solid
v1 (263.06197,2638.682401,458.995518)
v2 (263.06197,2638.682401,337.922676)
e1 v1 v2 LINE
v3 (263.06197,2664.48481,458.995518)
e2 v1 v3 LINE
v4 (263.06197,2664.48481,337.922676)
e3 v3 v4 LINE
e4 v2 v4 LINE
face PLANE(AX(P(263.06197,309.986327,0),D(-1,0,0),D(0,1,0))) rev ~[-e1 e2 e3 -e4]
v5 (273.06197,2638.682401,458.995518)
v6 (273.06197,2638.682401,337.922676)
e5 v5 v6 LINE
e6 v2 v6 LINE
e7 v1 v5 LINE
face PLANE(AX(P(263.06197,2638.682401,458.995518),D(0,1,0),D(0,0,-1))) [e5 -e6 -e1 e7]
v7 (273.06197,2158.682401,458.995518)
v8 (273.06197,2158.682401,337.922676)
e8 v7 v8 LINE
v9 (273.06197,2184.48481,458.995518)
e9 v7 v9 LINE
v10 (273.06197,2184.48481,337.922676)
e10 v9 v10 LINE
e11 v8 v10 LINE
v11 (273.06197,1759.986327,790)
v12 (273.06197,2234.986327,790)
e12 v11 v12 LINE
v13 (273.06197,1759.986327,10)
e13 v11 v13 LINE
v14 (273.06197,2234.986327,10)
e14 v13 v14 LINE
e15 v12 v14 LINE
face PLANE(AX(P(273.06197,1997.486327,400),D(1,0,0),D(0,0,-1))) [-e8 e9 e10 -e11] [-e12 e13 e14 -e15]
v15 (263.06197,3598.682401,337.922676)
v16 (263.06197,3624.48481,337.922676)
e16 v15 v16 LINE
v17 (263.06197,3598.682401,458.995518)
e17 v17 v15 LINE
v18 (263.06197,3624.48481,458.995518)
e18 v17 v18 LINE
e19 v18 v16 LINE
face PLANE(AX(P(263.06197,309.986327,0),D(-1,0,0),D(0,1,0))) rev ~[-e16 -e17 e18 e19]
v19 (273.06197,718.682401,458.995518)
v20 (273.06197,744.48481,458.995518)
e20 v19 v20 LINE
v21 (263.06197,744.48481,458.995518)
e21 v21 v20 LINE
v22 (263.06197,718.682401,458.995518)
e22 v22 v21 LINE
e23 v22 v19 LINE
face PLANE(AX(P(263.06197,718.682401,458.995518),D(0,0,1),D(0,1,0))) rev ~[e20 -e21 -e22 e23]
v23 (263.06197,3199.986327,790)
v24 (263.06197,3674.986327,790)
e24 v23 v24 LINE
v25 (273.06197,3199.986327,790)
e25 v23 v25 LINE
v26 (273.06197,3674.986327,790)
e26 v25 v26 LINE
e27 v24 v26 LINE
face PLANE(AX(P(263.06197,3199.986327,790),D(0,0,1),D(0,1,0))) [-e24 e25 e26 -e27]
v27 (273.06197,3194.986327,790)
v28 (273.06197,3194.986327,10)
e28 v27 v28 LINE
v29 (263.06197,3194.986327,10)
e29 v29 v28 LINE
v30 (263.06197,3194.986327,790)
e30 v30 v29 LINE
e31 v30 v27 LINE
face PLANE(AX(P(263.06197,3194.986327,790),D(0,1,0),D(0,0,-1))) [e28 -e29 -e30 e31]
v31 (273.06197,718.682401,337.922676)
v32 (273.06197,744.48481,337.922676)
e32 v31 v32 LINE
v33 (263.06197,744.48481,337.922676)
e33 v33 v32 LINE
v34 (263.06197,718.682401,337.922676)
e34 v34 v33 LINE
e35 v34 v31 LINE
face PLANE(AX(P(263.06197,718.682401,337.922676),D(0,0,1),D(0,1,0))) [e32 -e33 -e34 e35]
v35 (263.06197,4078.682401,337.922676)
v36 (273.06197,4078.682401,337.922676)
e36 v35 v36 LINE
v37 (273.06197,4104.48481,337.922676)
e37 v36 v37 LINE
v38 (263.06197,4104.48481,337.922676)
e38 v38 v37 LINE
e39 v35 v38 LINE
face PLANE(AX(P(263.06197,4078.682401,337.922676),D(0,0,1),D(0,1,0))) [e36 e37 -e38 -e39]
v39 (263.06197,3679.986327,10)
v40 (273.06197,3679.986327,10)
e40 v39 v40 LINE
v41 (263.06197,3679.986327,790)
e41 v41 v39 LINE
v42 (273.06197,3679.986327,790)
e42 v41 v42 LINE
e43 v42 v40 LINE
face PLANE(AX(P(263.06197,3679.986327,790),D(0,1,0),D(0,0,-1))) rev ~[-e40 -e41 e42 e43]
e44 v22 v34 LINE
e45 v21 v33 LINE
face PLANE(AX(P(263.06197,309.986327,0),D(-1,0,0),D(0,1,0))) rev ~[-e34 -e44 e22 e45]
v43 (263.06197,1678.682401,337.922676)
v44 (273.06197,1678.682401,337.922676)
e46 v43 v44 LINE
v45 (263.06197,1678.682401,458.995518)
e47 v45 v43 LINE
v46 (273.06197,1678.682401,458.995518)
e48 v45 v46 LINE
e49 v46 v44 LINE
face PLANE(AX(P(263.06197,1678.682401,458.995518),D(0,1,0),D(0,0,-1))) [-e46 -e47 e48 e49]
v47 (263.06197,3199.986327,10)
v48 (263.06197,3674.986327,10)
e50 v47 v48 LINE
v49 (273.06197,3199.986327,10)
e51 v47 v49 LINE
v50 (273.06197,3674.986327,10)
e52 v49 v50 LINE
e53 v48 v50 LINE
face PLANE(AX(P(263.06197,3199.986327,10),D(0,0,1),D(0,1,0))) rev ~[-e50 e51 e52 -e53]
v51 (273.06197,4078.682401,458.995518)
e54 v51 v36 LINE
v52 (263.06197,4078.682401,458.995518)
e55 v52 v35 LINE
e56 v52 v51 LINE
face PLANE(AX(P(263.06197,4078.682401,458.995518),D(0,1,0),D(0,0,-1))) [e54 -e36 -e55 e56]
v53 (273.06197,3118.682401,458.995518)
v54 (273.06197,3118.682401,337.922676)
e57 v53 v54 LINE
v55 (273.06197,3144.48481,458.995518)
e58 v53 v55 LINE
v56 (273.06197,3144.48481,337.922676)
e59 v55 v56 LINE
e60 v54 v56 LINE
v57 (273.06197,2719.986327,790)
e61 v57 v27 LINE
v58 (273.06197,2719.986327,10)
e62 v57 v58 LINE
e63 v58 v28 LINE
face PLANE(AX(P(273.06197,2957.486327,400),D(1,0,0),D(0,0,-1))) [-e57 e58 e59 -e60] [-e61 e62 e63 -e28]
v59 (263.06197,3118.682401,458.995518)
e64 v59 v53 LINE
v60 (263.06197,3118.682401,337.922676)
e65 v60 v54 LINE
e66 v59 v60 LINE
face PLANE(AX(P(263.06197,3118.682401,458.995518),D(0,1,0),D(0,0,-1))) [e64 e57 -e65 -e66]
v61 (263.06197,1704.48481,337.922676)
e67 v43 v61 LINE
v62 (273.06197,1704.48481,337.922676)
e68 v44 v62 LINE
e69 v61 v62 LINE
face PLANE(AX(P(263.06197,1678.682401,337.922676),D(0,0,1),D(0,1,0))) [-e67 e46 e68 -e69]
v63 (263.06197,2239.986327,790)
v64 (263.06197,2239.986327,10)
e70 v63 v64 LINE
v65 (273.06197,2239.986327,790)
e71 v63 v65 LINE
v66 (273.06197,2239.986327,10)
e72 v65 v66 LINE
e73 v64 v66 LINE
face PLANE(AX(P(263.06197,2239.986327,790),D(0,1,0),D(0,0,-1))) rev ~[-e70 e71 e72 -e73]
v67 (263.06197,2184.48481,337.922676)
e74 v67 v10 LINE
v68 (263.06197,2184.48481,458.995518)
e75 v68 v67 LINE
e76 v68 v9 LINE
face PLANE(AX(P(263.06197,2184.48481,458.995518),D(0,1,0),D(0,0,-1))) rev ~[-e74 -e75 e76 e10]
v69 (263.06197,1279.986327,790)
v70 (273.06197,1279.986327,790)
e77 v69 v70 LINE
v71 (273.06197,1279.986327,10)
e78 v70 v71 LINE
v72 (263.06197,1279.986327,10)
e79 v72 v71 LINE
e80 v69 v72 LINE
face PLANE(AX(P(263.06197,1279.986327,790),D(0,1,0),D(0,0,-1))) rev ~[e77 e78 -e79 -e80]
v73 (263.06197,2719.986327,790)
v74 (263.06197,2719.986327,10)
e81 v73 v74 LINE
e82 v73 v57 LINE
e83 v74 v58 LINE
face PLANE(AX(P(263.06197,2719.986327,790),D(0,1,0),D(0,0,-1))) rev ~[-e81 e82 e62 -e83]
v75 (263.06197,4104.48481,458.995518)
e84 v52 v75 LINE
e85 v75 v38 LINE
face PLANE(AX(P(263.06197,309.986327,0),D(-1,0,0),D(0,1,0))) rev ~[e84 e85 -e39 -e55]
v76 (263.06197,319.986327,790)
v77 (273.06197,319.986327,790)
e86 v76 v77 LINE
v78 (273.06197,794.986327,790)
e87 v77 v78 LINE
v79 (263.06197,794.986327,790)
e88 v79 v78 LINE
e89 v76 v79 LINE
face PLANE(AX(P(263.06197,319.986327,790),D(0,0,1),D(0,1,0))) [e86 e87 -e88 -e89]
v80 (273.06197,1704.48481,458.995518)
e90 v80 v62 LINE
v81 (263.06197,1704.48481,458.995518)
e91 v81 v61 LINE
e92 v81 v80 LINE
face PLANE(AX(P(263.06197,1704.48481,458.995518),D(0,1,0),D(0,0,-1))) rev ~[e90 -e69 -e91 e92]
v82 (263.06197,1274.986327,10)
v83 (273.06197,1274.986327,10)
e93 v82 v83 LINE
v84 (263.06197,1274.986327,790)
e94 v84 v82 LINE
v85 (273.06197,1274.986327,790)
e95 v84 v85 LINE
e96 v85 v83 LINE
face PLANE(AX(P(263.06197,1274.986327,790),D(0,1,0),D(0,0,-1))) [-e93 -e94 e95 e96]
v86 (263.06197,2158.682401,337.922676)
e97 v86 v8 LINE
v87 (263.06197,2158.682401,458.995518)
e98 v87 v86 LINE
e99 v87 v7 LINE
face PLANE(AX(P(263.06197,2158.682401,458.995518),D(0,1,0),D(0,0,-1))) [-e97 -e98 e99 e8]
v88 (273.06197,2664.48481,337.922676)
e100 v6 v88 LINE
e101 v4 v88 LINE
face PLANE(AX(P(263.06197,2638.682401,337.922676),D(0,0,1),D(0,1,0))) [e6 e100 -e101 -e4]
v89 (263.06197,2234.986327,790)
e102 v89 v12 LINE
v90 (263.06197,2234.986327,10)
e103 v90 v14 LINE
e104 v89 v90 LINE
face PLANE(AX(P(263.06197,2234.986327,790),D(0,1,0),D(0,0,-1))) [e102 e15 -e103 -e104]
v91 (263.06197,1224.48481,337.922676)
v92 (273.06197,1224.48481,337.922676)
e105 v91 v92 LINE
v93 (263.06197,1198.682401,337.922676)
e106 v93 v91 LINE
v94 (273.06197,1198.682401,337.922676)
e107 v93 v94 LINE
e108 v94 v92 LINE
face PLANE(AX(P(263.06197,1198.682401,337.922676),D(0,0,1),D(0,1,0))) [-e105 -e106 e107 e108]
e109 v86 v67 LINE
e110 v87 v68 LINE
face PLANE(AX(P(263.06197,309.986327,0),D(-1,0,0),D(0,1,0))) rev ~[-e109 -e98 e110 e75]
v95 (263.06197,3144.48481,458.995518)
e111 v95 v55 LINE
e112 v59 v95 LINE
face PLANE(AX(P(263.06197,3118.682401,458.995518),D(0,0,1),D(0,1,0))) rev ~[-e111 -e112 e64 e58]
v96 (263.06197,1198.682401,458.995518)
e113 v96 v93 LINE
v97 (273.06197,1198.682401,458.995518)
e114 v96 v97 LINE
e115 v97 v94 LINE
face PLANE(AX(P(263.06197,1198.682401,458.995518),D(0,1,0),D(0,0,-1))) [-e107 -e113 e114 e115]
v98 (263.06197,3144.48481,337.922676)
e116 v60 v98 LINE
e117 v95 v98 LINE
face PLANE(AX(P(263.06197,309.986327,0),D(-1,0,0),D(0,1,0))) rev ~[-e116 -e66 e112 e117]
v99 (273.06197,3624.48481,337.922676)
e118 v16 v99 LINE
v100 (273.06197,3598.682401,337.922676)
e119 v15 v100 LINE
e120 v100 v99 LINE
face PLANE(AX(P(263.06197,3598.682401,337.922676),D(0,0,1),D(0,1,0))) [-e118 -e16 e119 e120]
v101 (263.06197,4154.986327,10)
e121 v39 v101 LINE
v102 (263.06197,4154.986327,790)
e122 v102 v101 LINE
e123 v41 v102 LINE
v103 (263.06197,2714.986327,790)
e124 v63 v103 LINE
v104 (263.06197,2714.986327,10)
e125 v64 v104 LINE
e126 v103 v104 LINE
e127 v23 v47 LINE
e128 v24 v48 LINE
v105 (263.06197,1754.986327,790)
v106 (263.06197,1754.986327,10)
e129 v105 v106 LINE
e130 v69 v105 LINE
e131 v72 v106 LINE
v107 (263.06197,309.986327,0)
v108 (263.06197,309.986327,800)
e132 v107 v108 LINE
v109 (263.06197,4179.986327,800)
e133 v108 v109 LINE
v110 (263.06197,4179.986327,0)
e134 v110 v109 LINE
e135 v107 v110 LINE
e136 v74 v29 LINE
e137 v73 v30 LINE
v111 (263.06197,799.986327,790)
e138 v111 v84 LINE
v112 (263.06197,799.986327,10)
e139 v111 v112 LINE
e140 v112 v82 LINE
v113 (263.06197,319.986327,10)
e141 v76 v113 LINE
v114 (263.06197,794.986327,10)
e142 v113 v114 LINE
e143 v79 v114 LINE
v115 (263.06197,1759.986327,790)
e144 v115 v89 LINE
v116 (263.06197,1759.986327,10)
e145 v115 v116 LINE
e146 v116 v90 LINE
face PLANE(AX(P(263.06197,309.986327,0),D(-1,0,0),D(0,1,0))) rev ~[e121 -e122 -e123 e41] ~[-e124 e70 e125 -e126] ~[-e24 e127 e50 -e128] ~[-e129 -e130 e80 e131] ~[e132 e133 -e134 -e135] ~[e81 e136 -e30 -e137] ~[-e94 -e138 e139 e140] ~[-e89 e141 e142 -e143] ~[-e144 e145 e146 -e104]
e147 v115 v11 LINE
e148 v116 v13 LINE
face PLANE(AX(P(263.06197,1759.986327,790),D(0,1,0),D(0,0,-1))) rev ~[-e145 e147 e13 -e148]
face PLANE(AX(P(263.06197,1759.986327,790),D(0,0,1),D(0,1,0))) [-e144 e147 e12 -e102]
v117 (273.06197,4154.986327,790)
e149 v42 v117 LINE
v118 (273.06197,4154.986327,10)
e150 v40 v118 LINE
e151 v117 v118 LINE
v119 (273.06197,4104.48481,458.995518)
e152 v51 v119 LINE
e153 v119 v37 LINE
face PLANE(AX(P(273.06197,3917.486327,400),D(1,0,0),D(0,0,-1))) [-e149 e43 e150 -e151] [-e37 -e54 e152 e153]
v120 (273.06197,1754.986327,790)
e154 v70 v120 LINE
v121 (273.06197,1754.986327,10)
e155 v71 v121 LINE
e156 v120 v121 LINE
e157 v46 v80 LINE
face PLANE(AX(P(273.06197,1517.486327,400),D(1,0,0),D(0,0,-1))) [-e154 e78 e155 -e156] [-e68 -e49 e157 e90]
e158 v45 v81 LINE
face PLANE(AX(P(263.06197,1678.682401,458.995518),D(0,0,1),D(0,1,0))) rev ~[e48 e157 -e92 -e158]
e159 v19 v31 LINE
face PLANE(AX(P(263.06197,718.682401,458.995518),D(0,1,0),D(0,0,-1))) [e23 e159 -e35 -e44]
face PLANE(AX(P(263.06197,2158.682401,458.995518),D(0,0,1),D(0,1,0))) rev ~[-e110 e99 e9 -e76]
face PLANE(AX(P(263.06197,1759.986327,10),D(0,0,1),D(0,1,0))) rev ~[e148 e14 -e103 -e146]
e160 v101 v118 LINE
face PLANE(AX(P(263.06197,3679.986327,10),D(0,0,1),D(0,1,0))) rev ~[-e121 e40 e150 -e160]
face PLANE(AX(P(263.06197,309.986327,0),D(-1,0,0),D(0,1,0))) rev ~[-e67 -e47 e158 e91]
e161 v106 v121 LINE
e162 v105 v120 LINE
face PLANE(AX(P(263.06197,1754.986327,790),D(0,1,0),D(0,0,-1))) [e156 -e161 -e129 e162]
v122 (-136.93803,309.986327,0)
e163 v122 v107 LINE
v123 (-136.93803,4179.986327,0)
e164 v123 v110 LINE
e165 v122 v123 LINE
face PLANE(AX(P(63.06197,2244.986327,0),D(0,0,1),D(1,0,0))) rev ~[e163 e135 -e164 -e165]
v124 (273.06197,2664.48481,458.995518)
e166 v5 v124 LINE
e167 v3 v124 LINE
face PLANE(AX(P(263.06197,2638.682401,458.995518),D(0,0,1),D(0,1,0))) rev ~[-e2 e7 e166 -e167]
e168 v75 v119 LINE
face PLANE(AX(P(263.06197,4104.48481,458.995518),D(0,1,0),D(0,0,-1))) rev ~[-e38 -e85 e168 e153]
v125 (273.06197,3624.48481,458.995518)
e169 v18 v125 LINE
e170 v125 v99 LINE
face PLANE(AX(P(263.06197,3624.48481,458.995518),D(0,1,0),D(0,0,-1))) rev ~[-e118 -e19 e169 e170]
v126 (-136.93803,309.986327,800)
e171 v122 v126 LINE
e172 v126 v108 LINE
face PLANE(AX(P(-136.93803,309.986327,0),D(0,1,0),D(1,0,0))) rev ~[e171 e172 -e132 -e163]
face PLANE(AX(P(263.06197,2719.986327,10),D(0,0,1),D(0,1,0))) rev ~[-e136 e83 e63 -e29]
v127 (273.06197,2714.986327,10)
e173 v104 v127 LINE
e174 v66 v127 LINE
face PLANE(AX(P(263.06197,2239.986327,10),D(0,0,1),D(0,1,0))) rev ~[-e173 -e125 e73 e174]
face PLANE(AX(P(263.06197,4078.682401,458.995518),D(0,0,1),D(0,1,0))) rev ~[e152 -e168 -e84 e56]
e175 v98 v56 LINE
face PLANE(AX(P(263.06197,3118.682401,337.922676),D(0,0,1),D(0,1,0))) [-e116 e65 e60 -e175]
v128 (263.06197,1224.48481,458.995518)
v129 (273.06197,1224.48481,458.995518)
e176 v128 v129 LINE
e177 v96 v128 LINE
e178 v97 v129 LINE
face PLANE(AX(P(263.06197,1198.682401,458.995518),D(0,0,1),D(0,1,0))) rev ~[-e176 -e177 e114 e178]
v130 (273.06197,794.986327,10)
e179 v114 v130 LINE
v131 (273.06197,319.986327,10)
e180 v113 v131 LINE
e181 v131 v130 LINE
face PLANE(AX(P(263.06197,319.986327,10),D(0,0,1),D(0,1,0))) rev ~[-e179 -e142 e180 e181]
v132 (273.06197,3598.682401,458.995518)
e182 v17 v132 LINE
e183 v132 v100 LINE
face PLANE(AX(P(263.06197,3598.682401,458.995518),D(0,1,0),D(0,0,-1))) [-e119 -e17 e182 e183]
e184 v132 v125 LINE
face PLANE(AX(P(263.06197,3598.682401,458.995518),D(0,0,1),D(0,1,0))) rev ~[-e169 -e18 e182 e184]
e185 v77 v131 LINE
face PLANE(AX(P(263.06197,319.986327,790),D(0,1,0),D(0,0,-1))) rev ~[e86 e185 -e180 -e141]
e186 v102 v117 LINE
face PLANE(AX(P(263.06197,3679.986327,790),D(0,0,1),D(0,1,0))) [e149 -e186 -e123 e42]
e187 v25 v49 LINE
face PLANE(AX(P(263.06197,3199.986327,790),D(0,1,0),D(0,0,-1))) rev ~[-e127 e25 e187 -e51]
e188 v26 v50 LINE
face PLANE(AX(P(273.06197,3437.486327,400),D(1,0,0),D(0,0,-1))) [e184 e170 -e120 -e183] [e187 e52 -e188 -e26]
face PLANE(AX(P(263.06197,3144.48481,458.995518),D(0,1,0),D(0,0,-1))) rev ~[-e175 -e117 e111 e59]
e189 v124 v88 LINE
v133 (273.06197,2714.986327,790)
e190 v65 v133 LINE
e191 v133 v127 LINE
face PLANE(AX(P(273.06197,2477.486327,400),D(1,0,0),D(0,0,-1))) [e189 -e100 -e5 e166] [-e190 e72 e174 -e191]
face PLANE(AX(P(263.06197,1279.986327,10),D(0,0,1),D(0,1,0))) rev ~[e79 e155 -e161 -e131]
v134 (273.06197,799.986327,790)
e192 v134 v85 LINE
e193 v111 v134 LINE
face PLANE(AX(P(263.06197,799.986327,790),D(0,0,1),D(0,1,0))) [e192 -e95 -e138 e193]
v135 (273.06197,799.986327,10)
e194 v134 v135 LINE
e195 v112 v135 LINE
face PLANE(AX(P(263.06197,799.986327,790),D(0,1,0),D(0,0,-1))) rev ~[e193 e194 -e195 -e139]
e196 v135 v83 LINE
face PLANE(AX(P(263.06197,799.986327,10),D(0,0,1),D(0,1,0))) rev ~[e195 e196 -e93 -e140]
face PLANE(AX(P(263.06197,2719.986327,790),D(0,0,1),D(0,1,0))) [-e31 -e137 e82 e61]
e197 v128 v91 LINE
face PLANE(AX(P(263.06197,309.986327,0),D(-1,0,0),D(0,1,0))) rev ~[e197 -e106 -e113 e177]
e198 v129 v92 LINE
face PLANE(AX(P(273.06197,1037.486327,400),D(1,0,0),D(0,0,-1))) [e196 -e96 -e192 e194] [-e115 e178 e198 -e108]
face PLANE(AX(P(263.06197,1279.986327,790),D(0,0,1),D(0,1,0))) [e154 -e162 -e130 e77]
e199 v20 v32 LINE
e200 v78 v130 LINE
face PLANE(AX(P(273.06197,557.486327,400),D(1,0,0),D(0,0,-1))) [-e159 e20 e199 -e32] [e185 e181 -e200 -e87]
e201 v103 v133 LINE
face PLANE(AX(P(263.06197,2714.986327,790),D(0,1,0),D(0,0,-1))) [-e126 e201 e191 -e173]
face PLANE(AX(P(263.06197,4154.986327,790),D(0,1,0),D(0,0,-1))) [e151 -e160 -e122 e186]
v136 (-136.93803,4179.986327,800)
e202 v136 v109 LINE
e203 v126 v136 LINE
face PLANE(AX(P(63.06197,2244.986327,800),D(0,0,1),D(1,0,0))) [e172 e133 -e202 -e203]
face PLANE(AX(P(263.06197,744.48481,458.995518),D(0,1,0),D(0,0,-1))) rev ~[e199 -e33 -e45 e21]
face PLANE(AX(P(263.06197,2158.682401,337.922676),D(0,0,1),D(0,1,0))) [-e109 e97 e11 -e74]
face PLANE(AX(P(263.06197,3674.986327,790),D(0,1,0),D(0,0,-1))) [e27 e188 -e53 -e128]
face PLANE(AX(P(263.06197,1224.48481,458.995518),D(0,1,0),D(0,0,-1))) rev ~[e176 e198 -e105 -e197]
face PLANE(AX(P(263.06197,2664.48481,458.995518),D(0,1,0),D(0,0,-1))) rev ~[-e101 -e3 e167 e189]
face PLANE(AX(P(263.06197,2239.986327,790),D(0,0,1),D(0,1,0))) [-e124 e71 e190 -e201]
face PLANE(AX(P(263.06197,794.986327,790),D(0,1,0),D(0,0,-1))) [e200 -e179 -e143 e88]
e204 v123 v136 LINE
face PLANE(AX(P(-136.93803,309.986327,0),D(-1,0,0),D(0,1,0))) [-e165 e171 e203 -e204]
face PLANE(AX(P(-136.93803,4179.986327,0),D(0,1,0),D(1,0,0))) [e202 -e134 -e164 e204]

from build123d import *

# Parameters (mm, degrees)
SKETCH1_W           = 400
SKETCH1_H           = 3870
BOSS_EXTRUDE1_DEPTH = 800
SKETCH3_W           = 780
SKETCH3_H           = 475
SKETCH3_W_2         = 121.072841775
SKETCH3_H_2         = 25.802408903
BOSS_EXTRUDE3_DEPTH = 10


with BuildPart() as part:
    # Sketch1 → Boss-Extrude1 (new body)
    with BuildSketch(Plane.XY):
        with Locations((63.061970043, 2244.986327315)):
            Rectangle(SKETCH1_W, SKETCH1_H)
    extrude(amount=BOSS_EXTRUDE1_DEPTH)

    # Sketch3 → Boss-Extrude3 (add)
    with BuildSketch(Plane(origin=(263.061970043, 0, 0), x_dir=(0, 0, -1), z_dir=(1, 0, 0))):
        with Locations((-400, 557.486327315)):
            Rectangle(SKETCH3_W, SKETCH3_H)
        with Locations((-398.45909699, 731.583605055)):
            Rectangle(SKETCH3_W_2, SKETCH3_H_2, mode=Mode.SUBTRACT)
        with Locations((-400, 1037.486327315)):
            Rectangle(SKETCH3_W, SKETCH3_H)
        with Locations((-398.45909699, 1211.583605055)):
            Rectangle(SKETCH3_W_2, SKETCH3_H_2, mode=Mode.SUBTRACT)
        with Locations((-400, 1517.486327315)):
            Rectangle(SKETCH3_W, SKETCH3_H)
        with Locations((-398.45909699, 1691.583605055)):
            Rectangle(SKETCH3_W_2, SKETCH3_H_2, mode=Mode.SUBTRACT)
        with Locations((-400, 1997.486327315)):
            Rectangle(SKETCH3_W, SKETCH3_H)
        with Locations((-398.45909699, 2171.583605055)):
            Rectangle(SKETCH3_W_2, SKETCH3_H_2, mode=Mode.SUBTRACT)
        with Locations((-400, 2477.486327315)):
            Rectangle(SKETCH3_W, SKETCH3_H)
        with Locations((-398.45909699, 2651.583605055)):
            Rectangle(SKETCH3_W_2, SKETCH3_H_2, mode=Mode.SUBTRACT)
        with Locations((-400, 2957.486327315)):
            Rectangle(SKETCH3_W, SKETCH3_H)
        with Locations((-398.45909699, 3131.583605055)):
            Rectangle(SKETCH3_W_2, SKETCH3_H_2, mode=Mode.SUBTRACT)
        with Locations((-400, 3437.486327315)):
            Rectangle(SKETCH3_W, SKETCH3_H)
        with Locations((-398.45909699, 3611.583605055)):
            Rectangle(SKETCH3_W_2, SKETCH3_H_2, mode=Mode.SUBTRACT)
        with Locations((-400, 3917.486327315)):
            Rectangle(SKETCH3_W, SKETCH3_H)
        with Locations((-398.45909699, 4091.583605055)):
            Rectangle(SKETCH3_W_2, SKETCH3_H_2, mode=Mode.SUBTRACT)
    extrude(amount=BOSS_EXTRUDE3_DEPTH)


solid = part.part
